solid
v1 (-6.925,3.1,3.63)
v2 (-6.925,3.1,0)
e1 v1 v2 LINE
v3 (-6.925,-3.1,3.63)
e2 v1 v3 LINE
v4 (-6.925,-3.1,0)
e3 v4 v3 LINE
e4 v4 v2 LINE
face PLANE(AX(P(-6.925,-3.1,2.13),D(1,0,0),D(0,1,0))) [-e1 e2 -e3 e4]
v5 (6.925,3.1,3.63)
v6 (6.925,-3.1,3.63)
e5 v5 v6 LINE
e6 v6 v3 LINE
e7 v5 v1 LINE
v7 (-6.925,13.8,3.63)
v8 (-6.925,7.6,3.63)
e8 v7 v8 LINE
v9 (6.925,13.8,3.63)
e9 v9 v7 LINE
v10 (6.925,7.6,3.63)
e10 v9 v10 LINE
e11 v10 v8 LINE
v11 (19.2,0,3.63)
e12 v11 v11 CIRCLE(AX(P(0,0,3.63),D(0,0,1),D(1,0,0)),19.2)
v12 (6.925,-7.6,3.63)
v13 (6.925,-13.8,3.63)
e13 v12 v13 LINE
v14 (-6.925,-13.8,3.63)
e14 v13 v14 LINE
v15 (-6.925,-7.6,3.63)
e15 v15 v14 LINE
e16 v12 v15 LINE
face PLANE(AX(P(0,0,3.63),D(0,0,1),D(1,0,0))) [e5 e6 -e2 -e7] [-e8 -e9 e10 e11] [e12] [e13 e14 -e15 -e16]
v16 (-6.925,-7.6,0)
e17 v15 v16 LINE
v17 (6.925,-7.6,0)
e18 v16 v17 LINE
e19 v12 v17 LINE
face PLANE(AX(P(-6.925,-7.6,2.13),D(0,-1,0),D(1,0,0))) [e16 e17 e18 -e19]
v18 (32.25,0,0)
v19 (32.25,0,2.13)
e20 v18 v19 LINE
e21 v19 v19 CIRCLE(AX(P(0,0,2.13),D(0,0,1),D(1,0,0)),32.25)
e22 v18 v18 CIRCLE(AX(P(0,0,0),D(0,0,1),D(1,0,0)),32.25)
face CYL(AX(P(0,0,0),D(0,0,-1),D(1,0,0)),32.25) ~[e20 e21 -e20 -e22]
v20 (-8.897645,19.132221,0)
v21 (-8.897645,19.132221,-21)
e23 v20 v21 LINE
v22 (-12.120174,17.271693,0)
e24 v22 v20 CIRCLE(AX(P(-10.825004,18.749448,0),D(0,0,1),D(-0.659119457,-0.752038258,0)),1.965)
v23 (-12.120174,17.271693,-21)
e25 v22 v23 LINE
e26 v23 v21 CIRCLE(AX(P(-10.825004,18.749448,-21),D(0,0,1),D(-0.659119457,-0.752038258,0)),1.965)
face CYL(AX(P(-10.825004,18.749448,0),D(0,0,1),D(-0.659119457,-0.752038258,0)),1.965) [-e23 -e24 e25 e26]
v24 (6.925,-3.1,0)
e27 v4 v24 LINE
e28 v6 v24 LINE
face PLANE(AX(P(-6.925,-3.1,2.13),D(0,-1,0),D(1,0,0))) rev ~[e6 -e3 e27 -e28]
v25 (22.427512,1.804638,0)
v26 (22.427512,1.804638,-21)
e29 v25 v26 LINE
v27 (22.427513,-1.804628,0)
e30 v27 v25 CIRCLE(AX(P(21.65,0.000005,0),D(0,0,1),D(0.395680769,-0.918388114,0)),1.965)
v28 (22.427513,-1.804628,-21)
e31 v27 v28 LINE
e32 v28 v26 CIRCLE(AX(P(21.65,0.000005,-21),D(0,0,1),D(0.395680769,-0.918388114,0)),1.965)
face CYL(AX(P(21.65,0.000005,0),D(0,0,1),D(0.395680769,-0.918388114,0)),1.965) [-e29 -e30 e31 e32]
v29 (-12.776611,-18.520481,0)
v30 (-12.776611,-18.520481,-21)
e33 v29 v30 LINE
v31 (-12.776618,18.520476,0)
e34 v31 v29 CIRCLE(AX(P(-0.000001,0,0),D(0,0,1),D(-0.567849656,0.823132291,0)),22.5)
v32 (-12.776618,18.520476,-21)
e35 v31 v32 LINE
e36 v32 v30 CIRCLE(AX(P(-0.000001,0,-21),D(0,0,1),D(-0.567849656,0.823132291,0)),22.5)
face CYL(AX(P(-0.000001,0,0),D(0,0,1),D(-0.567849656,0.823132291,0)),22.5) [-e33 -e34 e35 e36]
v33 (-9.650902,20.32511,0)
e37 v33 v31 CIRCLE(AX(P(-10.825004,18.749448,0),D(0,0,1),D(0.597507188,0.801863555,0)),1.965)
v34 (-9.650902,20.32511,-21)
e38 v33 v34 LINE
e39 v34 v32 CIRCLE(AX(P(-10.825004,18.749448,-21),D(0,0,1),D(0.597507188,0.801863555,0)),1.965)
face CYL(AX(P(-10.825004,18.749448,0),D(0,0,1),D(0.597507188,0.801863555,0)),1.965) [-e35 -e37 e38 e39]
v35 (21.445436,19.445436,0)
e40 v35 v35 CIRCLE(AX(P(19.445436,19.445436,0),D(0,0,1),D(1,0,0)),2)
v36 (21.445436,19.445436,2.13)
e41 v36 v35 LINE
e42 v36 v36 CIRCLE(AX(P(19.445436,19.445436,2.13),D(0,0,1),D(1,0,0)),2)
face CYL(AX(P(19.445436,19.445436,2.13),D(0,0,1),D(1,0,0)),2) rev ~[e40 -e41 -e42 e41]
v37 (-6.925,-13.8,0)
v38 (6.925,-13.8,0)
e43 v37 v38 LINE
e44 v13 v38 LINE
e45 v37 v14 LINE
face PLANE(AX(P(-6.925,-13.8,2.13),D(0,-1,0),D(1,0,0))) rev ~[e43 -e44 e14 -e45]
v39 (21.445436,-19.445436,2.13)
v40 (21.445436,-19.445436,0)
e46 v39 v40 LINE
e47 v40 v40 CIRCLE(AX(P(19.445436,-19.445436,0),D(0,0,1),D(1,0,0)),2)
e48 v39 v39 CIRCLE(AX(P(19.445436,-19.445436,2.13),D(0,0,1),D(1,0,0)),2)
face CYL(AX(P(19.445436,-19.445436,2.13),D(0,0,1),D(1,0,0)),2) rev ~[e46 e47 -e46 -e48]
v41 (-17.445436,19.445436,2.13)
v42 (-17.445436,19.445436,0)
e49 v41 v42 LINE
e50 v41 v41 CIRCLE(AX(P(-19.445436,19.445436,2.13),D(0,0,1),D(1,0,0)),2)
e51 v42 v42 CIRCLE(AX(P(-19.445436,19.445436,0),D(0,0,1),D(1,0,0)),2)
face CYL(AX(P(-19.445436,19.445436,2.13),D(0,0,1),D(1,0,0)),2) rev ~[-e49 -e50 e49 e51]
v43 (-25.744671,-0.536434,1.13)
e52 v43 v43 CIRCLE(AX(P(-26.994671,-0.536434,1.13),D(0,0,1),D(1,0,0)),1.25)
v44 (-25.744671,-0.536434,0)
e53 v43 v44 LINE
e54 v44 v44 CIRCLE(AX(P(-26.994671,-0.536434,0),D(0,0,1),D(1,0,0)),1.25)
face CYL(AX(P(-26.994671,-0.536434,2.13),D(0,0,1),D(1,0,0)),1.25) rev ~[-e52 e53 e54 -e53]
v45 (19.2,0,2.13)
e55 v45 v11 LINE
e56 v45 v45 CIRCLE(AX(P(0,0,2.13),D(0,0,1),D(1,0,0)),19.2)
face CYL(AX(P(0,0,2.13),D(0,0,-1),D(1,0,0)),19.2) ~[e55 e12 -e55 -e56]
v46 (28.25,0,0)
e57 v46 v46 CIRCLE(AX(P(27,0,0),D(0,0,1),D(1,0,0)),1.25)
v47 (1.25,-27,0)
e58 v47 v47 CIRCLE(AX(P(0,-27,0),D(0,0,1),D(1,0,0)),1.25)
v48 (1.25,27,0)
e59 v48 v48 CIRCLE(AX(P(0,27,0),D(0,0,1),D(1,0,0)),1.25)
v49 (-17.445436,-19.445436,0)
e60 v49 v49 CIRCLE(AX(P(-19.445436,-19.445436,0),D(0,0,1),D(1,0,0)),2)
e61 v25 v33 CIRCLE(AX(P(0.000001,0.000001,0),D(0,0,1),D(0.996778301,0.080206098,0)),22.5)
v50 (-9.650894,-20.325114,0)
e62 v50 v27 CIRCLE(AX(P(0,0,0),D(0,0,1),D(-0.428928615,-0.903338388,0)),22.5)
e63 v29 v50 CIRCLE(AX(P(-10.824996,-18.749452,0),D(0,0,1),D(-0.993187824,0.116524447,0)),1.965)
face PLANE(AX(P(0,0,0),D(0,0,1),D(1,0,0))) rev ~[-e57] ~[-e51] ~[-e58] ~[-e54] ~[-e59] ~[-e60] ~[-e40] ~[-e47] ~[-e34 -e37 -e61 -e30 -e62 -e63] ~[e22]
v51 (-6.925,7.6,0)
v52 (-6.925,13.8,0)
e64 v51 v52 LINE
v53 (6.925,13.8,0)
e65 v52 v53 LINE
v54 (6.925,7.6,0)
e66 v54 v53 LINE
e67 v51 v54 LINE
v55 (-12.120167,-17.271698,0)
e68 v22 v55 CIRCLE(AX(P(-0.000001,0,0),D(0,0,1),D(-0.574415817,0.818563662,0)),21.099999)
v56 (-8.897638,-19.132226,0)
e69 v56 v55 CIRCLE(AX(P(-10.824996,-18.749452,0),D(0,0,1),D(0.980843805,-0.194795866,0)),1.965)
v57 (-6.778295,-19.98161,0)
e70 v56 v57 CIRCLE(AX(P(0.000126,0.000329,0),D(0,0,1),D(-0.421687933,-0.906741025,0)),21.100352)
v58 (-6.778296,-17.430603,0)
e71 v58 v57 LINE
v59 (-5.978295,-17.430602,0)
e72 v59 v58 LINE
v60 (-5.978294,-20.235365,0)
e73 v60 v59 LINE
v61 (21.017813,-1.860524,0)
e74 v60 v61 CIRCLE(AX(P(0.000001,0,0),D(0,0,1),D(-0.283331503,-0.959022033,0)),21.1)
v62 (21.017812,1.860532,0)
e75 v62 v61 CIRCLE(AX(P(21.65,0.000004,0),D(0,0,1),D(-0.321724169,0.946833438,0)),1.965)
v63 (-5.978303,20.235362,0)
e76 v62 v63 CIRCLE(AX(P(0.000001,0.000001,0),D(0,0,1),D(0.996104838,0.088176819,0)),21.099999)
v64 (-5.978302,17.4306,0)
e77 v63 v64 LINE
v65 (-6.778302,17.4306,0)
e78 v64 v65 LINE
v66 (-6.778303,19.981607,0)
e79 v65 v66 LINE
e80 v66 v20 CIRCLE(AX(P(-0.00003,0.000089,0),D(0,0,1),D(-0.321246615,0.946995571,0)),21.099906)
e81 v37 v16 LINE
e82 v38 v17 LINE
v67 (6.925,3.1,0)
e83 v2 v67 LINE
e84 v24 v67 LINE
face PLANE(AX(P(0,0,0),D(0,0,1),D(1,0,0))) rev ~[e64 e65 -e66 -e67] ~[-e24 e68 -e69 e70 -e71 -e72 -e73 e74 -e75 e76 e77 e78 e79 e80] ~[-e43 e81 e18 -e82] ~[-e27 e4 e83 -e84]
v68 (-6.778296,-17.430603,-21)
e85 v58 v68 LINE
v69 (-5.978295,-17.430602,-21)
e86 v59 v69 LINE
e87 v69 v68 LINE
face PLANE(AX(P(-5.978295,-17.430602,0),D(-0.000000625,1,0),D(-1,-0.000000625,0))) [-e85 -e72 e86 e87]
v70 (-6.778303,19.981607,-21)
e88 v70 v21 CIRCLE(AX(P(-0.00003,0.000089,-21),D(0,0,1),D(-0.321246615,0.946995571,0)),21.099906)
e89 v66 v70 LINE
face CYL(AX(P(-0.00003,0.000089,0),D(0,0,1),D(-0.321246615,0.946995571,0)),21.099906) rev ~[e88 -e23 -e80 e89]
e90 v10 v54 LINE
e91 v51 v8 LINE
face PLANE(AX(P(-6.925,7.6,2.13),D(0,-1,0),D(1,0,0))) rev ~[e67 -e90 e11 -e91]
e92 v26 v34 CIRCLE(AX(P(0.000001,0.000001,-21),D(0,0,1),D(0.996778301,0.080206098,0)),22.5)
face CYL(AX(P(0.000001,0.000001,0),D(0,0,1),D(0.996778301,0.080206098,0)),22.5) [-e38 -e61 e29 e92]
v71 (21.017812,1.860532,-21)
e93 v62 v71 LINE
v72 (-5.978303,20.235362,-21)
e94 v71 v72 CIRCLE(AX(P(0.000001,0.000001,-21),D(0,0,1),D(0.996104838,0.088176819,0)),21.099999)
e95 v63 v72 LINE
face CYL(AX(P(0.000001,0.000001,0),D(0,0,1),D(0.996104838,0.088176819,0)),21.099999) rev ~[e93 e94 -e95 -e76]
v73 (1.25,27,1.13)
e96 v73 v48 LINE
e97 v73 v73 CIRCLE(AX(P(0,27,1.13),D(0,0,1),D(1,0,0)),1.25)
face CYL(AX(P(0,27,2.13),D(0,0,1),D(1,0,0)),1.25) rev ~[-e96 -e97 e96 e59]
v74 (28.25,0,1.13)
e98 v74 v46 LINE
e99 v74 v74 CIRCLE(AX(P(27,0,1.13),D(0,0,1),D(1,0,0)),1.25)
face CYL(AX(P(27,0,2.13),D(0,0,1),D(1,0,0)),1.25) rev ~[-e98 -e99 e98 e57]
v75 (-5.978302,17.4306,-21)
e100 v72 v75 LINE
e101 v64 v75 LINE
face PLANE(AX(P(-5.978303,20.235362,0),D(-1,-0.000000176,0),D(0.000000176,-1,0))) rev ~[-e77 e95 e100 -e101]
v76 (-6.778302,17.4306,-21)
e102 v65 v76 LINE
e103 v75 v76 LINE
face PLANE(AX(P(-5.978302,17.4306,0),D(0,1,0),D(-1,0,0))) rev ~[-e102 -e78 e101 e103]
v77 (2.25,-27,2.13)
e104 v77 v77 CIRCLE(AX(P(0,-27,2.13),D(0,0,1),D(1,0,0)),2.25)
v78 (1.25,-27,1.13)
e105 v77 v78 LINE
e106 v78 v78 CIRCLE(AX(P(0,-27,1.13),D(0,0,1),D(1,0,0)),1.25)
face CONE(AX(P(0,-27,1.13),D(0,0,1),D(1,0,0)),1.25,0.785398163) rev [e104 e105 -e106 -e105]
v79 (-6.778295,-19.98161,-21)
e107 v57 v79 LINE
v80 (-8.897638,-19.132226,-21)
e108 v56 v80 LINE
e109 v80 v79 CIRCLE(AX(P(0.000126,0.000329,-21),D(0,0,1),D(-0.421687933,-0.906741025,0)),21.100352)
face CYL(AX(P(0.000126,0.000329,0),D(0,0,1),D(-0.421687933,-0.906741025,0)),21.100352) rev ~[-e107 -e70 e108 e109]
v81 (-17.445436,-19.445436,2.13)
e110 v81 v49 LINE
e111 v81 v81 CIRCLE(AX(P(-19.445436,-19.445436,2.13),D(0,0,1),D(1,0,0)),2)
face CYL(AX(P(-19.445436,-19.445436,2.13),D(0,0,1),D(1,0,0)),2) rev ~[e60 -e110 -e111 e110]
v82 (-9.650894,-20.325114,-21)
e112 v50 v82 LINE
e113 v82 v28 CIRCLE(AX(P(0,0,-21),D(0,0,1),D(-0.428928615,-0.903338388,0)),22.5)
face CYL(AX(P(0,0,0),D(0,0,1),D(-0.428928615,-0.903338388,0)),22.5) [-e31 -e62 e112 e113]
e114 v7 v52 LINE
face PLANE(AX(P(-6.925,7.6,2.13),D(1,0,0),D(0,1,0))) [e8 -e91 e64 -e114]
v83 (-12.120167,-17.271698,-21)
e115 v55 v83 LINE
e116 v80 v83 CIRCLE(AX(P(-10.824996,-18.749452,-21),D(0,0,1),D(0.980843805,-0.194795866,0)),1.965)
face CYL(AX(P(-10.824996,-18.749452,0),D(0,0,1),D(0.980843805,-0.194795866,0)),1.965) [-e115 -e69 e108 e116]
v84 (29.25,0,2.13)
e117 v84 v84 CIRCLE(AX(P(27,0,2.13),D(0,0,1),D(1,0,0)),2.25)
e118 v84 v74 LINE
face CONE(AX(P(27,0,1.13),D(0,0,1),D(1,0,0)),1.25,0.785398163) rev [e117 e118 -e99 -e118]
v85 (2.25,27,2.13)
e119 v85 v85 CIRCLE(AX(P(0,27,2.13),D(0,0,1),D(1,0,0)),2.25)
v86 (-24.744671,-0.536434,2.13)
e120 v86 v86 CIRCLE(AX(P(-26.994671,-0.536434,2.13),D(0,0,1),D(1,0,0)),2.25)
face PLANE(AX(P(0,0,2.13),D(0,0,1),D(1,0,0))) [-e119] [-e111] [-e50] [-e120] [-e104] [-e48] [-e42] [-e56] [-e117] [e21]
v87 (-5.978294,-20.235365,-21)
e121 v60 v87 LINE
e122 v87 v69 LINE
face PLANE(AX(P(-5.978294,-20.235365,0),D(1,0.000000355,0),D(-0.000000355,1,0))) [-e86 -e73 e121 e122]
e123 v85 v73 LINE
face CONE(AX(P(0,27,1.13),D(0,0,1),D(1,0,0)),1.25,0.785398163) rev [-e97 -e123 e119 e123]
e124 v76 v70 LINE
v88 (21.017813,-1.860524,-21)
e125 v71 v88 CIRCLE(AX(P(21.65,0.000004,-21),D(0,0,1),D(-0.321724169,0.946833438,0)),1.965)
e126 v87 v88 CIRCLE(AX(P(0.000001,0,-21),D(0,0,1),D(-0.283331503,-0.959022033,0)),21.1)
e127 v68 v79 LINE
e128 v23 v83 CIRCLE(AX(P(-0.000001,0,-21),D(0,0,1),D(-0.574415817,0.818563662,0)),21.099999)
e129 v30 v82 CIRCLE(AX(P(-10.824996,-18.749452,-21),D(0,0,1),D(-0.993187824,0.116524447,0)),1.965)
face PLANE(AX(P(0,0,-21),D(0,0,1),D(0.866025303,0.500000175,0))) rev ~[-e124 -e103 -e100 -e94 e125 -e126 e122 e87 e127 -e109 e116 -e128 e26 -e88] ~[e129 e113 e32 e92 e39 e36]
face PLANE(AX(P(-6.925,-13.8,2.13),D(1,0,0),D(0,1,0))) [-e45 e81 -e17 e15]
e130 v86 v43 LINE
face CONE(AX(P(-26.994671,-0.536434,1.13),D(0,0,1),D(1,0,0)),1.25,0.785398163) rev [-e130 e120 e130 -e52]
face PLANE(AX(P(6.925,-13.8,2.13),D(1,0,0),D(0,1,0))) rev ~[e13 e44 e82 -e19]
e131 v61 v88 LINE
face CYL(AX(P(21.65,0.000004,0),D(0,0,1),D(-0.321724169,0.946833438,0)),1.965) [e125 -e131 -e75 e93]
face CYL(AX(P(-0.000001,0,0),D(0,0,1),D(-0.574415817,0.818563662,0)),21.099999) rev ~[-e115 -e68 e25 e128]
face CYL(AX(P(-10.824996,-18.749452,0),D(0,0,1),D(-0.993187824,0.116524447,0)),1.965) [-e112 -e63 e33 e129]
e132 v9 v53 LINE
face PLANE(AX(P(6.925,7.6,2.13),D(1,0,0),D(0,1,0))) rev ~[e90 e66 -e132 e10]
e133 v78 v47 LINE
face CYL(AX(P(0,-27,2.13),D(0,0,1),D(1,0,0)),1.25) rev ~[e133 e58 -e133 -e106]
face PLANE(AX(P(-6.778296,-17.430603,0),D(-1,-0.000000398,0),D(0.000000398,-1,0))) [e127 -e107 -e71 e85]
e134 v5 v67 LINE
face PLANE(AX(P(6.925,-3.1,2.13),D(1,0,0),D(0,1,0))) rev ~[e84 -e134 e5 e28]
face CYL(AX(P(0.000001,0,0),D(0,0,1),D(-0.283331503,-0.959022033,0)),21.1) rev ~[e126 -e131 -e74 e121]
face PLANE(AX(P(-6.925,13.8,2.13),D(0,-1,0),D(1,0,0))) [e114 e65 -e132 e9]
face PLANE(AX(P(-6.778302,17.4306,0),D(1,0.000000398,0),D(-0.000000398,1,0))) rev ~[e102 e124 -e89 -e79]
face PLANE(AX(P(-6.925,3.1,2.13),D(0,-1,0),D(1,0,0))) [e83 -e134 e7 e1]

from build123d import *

# Parameters (mm, degrees)
SKETCH_R          = 32.25
PAD_DEPTH         = 2.13
SKETCH004_R       = 1.25
SKETCH004_R_2     = 2
POCKET001_DEPTH   = 5
CHAMFER_SIZE      = 1
SKETCH001_R       = 19.2
PAD001_DEPTH      = 1.5
SKETCH003_W       = 13.85
SKETCH003_H       = 6.2
POCKET_DEPTH      = 2.131
POCKET_DEPTH_BACK = 1.501
SKETCH009_R       = 18
POCKET002_DEPTH   = 2
PAD002_DEPTH      = 21


with BuildPart() as part:
    # Sketch → Pad (new body)
    with BuildSketch(Plane.XY):
        Circle(SKETCH_R)
    extrude(amount=PAD_DEPTH)

    # Sketch004 → Pocket001 (cut)
    with BuildSketch(Plane.XY.offset(2.13)):
        with Locations((0, 27)):
            Circle(SKETCH004_R)
        with Locations((19.445436, 19.445436)):
            Circle(SKETCH004_R_2)
        with Locations((27, 0)):
            Circle(SKETCH004_R)
        with Locations((0, -27)):
            Circle(SKETCH004_R)
        with Locations((-19.445436, -19.445436)):
            Circle(SKETCH004_R_2)
        with Locations((-19.445436, 19.445436)):
            Circle(SKETCH004_R_2)
        with Locations((19.445436, -19.445436)):
            Circle(SKETCH004_R_2)
        with Locations((-26.994671, -0.536434)):
            Circle(SKETCH004_R)
    extrude(amount=-POCKET001_DEPTH, mode=Mode.SUBTRACT)

    # Chamfer
    chamfer_edges = [part.edges().sort_by_distance(p)[0] for p in [
        (25.75, 0, 2.13),
        (-1.25, 27, 2.13),
        (-28.244671, -0.536434, 2.13),
        (-1.25, -27, 2.13),
    ]]
    chamfer(chamfer_edges, length=CHAMFER_SIZE)

    # Sketch001 → Pad001 (join)
    with BuildSketch(Plane.XY.offset(2.13)):
        Circle(SKETCH001_R)
    extrude(amount=PAD001_DEPTH)

    # Sketch003 → Pocket (cut, two sides)
    with BuildSketch(Plane.XY.offset(2.13)) as pocket_sk:
        Rectangle(SKETCH003_W, SKETCH003_H)
        with Locations((0, -10.7)):
            Rectangle(SKETCH003_W, SKETCH003_H)
        with Locations((0, 10.7)):
            Rectangle(SKETCH003_W, SKETCH003_H)
    extrude(amount=-POCKET_DEPTH, mode=Mode.SUBTRACT)
    extrude(pocket_sk.sketch, amount=POCKET_DEPTH_BACK, mode=Mode.SUBTRACT)

    # Sketch009 → Pocket002 (cut)
    with BuildSketch(Plane.XY):
        Circle(SKETCH009_R)
    extrude(amount=-POCKET002_DEPTH, mode=Mode.SUBTRACT)

    # Sketch006 → Pad002 (join)
    with BuildSketch(Plane(origin=(0, 0, 0), x_dir=(0.866025, 0.5, 0), z_dir=(0, 0, 1))):
        with BuildLine():
            ThreePointArc((-1.804633, 22.427512), (-19.485572, 11.25), (-20.325112, -9.650898))
            ThreePointArc((-20.325112, -9.650898), (-20.45119, -11.8075), (-18.520479, -12.776614))
            ThreePointArc((-18.520479, -12.776614), (0, -22.5), (18.520479, -12.776614))
            ThreePointArc((18.520479, -12.776614), (20.45119, -11.8075), (20.325112, -9.650898))
            ThreePointArc((20.325112, -9.650898), (19.485572, 11.25), (1.804633, 22.427512))
            ThreePointArc((1.804633, 22.427512), (0, 23.615), (-1.804633, 22.427512))
        make_face()
        with BuildLine():
            ThreePointArc((-1.860528, 21.017812), (-18.273136, 10.55), (-19.132223, -8.897642))
            ThreePointArc((-17.271696, -12.120171), (-17.04771, -9.8425), (-19.132223, -8.897642))
            ThreePointArc((-17.271696, -12.120171), (-16.59064, -13.036896), (-15.860983, -13.915431))
            Line((-14.58548, -11.706194), (-15.860983, -13.915431))
            Line((-13.892659, -12.106194), (-14.58548, -11.706194))
            Line((-15.29504, -14.53519), (-13.892659, -12.106194))
            ThreePointArc((-15.29504, -14.53519), (1.560407, -21.042223), (17.271696, -12.120171))
            ThreePointArc((19.132223, -8.897642), (17.04771, -9.8425), (17.271696, -12.120171))
            ThreePointArc((19.132223, -8.897642), (19.003303, 9.169759), (4.940323, 20.513488))
            Line((4.940323, 20.513488), (3.537942, 18.084493))
            Line((3.537942, 18.084493), (2.845122, 18.484493))
            Line((2.845122, 18.484493), (4.120625, 20.69373))
            ThreePointArc((4.120625, 20.69373), (2.994963, 20.886364), (1.860528, 21.017812))
            ThreePointArc((-1.860528, 21.017812), (0, 19.685), (1.860528, 21.017812))
        make_face(mode=Mode.SUBTRACT)
    extrude(amount=-PAD002_DEPTH)


solid = part.part
